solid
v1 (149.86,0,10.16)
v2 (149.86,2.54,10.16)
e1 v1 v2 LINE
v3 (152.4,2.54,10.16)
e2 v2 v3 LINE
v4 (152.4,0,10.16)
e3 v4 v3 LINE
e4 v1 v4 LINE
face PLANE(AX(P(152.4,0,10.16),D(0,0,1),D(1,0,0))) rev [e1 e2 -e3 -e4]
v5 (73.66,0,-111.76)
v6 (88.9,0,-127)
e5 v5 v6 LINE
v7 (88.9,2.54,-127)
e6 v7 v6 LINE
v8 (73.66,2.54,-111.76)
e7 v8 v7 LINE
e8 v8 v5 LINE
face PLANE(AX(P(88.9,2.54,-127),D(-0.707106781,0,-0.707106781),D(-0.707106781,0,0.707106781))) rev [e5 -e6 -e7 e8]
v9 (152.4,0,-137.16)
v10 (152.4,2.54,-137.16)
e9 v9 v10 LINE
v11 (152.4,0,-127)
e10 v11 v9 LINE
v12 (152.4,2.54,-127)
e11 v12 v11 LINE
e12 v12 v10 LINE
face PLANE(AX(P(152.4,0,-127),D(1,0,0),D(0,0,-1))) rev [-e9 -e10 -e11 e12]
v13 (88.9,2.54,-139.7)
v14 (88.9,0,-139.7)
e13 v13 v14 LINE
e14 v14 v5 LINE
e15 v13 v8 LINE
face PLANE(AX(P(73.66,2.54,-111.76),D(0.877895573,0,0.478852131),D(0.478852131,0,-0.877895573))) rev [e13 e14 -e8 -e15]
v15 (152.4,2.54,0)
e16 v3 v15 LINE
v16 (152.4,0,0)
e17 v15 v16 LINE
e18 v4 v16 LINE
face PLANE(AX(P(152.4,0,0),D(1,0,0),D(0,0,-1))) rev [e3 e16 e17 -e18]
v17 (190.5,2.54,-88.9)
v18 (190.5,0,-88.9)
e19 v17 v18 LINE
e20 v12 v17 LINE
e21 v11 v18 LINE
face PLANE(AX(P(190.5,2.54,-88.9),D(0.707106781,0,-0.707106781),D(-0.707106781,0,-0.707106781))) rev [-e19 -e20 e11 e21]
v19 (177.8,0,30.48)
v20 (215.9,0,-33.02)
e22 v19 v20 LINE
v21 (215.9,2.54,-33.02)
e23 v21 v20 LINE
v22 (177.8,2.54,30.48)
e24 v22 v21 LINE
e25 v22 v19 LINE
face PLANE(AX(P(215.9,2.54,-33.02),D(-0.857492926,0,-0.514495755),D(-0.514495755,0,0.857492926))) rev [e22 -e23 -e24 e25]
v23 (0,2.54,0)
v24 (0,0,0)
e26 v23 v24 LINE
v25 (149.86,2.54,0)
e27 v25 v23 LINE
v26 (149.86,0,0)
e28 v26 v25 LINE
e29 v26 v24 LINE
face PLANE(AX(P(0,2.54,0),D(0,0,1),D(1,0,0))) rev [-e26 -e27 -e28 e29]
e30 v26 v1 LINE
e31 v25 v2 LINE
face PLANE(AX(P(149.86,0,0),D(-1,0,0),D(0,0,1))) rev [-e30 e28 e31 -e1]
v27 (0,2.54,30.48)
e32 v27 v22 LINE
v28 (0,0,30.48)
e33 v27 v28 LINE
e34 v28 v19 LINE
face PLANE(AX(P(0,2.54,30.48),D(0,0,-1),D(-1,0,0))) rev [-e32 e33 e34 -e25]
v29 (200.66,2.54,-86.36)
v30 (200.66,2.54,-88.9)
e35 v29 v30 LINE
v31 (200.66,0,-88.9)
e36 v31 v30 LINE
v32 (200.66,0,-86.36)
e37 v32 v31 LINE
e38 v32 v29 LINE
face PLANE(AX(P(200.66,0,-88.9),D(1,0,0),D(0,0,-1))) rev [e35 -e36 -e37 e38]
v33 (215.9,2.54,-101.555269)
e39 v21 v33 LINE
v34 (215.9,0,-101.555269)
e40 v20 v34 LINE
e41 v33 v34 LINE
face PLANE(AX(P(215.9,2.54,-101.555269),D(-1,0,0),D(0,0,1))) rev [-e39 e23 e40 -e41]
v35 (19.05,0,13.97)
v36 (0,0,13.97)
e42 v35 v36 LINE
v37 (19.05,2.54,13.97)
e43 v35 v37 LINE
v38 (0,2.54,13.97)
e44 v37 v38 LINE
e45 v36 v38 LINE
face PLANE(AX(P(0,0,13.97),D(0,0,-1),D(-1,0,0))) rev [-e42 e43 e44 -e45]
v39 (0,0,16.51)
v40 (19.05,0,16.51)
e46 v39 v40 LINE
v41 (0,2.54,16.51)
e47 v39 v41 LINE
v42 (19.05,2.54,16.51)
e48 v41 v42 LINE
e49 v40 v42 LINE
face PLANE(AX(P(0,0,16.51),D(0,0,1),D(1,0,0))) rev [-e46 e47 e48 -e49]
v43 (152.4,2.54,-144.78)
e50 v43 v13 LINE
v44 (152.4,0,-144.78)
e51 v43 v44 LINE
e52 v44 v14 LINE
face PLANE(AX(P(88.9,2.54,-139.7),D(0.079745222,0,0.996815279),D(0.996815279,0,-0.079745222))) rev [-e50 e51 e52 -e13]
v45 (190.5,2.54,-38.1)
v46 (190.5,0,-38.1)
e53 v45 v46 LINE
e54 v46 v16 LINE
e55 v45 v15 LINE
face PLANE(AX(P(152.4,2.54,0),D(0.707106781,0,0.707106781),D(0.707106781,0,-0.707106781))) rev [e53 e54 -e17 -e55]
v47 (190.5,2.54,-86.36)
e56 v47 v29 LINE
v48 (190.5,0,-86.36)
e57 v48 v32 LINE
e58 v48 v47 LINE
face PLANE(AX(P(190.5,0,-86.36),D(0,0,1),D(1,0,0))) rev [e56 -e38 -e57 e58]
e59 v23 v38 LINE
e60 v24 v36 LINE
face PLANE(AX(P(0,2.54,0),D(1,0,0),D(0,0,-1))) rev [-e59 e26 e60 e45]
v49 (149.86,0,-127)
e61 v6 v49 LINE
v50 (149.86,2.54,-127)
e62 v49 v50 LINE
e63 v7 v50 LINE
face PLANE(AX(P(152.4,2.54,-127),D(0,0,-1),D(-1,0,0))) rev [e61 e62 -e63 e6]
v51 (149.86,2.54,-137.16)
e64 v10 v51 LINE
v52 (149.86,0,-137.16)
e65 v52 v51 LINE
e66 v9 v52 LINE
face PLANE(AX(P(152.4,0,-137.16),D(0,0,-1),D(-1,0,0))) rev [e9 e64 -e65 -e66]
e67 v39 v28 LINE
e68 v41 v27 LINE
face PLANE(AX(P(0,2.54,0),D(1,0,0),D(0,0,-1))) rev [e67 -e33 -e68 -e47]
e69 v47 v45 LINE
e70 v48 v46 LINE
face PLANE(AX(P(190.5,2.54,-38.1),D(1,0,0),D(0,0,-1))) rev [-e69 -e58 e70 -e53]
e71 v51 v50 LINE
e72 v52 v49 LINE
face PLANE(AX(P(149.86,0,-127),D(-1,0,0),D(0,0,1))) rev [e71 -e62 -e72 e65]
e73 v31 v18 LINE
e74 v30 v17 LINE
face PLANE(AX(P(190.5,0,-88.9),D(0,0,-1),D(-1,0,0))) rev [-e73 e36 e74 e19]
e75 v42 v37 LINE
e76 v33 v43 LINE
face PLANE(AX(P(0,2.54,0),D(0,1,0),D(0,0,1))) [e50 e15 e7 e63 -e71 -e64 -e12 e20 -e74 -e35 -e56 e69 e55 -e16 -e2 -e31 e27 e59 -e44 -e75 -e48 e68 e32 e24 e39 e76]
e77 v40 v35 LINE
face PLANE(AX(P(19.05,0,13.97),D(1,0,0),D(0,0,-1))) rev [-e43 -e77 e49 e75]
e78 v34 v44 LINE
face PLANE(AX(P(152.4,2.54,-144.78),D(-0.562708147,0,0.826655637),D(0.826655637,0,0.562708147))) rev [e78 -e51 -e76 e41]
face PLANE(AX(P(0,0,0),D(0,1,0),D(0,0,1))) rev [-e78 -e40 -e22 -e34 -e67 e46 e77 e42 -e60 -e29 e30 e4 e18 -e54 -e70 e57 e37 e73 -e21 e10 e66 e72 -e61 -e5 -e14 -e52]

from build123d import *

# Parameters (mm, degrees)
BOSS_EXTRUDE1_DEPTH = 2.54
SKETCH2_W           = 19.05
SKETCH2_H           = 2.54
SKETCH2_W_2         = 2.54
SKETCH2_H_2         = 10.16
SKETCH2_W_3         = 10.16
CUT_EXTRUDE1_DEPTH  = 3.54


with BuildPart() as part:
    # Sketch1 → Boss-Extrude1 (new body)
    with BuildSketch(Plane(origin=(0, 0, 0), x_dir=(1, 0, 0), z_dir=(0, 1, 0))):
        Polygon((0, 0), (0, -30.48), (177.8, -30.48), (215.9, 33.02), (215.9, 101.555269233), (152.4, 144.78), (88.9, 139.7), (73.66, 111.76), (88.9, 127), (152.4, 127), (190.5, 88.9), (190.5, 38.1), (152.4, 0), align=None)
    extrude(amount=BOSS_EXTRUDE1_DEPTH)

    # Sketch2 → Cut-Extrude1 (cut, through all)
    with BuildSketch(Plane(origin=(0, 2.54, 0), x_dir=(1, 0, 0), z_dir=(0, 1, 0))):
        with Locations((9.525, -15.24)):
            Rectangle(SKETCH2_W, SKETCH2_H)
        with Locations((151.13, -5.08)):
            Rectangle(SKETCH2_W_2, SKETCH2_H_2)
        with Locations((195.58, 87.63)):
            Rectangle(SKETCH2_W_3, SKETCH2_H)
        with Locations((151.13, 132.08)):
            Rectangle(SKETCH2_W_2, SKETCH2_H_2)
    extrude(amount=-CUT_EXTRUDE1_DEPTH, mode=Mode.SUBTRACT)


solid = part.part
